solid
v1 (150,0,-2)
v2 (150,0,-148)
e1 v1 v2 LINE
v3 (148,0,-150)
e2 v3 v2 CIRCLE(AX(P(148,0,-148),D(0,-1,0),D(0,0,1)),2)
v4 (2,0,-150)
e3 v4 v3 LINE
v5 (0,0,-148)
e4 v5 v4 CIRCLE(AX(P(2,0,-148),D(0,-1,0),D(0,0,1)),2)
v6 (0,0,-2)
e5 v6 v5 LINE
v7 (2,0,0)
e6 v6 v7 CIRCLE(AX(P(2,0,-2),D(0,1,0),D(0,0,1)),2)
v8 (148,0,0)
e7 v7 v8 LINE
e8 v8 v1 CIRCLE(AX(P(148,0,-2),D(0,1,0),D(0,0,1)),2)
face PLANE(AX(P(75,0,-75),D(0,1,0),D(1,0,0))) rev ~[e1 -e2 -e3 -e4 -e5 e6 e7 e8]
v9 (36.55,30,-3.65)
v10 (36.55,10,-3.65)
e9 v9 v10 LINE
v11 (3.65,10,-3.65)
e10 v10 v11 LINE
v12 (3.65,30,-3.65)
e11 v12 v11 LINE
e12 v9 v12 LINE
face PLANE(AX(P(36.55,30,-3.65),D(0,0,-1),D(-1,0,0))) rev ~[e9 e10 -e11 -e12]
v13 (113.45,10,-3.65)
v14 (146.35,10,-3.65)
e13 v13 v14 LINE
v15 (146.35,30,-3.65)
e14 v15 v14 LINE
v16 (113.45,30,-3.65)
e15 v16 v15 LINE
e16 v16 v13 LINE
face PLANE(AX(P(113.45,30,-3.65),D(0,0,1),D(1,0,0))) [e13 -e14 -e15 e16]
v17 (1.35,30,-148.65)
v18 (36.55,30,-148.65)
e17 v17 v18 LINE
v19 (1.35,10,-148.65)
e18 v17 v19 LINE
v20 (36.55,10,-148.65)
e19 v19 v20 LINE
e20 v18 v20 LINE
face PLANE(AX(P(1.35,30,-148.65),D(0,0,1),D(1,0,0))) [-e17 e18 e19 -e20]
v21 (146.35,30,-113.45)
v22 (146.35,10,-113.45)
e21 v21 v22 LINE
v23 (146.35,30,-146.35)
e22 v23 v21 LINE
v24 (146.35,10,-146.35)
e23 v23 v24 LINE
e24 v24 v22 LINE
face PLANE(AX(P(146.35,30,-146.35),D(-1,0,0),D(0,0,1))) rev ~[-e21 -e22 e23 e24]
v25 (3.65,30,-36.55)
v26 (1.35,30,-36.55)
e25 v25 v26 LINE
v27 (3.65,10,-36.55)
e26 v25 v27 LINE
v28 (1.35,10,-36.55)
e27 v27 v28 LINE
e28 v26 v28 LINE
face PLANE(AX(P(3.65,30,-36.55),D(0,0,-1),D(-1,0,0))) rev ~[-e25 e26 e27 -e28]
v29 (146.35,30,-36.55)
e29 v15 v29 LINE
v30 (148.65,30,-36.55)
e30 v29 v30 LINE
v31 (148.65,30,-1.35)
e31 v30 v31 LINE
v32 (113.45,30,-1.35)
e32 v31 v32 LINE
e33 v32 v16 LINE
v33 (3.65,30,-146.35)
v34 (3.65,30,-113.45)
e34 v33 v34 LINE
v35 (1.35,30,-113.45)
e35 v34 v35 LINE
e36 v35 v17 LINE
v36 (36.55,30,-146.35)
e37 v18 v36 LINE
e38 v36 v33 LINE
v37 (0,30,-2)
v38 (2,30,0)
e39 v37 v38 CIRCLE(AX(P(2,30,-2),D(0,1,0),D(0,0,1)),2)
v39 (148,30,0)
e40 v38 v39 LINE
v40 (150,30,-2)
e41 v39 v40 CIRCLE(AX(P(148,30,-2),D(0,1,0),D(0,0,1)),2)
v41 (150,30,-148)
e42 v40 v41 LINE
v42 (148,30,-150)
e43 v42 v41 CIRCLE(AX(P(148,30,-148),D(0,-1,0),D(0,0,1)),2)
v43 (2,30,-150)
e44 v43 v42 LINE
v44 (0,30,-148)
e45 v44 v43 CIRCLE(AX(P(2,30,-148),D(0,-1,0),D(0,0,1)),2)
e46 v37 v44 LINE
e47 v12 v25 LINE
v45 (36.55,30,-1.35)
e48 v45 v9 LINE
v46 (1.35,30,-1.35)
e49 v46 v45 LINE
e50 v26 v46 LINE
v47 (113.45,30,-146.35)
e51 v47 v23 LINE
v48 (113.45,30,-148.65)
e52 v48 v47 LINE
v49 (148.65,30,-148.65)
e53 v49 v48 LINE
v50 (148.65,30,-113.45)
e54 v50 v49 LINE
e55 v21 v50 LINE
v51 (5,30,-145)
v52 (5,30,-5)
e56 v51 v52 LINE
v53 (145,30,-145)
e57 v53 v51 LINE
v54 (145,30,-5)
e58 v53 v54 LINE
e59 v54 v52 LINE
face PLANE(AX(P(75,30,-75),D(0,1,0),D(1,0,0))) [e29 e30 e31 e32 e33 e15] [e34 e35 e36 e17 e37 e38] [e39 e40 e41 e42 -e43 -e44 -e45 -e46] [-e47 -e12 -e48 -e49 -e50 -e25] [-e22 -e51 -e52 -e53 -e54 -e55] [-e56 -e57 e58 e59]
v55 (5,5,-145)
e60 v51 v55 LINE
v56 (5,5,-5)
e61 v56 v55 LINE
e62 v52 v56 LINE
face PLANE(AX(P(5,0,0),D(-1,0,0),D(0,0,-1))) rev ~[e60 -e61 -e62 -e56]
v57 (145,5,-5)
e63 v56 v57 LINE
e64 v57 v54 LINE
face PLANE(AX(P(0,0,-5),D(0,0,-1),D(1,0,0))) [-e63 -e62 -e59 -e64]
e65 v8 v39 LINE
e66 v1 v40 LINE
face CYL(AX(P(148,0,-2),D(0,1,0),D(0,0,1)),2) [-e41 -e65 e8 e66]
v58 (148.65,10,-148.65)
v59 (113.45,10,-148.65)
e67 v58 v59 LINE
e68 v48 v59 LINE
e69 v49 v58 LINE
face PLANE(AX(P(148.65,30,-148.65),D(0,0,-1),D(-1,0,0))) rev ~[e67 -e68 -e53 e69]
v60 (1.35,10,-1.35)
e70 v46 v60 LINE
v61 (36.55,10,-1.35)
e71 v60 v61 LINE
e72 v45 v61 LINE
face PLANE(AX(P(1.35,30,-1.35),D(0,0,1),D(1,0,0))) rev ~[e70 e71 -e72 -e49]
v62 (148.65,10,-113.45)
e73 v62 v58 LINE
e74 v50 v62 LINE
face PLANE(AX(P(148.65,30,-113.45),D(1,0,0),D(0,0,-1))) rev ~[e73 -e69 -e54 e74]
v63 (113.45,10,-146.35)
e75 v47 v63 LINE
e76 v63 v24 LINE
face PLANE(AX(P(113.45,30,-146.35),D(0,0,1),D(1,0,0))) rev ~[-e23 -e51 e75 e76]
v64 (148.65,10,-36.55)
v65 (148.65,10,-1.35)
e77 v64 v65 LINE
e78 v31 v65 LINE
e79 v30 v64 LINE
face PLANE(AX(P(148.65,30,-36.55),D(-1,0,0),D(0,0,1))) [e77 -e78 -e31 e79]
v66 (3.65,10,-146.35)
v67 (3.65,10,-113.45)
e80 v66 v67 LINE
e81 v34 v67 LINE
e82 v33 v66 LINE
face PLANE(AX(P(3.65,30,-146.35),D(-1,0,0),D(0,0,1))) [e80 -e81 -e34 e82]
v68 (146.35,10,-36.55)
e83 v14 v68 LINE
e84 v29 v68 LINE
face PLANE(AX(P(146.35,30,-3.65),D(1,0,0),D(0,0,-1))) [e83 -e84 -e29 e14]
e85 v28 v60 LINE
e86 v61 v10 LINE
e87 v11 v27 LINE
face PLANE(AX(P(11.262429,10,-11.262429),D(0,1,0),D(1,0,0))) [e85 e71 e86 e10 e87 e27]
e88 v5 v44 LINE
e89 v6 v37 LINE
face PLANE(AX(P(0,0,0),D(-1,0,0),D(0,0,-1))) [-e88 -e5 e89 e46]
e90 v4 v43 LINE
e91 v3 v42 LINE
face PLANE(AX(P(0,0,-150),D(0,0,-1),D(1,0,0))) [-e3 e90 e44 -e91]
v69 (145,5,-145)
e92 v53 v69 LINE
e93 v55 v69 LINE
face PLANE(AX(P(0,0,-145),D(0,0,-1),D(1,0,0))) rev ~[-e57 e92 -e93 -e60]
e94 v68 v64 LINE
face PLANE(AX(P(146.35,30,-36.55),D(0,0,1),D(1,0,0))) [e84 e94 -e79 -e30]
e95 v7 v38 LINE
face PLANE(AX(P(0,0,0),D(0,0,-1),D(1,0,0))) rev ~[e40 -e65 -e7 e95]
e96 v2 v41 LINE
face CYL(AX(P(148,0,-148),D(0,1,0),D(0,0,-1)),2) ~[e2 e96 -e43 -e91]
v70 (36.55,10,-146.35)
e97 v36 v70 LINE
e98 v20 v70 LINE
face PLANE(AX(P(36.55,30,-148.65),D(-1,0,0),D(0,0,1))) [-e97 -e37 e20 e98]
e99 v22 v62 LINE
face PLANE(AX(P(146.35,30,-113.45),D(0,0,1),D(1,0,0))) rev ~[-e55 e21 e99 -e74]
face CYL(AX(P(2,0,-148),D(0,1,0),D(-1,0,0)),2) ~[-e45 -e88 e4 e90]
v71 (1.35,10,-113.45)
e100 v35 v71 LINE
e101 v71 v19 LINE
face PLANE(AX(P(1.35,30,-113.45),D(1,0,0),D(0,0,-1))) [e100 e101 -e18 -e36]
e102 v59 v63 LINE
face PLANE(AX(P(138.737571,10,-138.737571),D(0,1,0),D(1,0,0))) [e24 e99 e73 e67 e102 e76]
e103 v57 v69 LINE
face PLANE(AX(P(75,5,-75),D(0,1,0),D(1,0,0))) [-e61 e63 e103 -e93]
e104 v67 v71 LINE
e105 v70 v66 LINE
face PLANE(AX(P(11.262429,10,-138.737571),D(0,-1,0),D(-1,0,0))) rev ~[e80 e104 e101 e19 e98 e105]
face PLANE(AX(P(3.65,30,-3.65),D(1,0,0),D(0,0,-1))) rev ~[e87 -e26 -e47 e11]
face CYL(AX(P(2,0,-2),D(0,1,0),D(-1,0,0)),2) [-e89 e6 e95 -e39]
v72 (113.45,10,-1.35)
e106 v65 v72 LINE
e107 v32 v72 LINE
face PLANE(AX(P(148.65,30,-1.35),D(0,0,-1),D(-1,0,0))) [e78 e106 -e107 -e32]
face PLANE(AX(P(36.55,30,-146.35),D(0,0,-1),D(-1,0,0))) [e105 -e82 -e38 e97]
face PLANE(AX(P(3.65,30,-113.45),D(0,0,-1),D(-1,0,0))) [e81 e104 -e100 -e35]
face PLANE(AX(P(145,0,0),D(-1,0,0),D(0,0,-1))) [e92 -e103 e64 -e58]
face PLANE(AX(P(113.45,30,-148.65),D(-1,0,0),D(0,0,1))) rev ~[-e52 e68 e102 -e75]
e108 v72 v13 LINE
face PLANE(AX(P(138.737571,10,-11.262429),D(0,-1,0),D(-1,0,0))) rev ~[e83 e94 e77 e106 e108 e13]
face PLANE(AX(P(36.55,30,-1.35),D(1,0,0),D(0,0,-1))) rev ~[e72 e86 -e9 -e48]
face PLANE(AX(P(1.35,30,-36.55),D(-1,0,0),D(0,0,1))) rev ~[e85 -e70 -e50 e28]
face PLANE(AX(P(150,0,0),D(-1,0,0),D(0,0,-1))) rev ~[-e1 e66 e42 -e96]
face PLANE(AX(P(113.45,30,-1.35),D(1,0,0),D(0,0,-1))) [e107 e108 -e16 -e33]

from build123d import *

# Parameters (mm, degrees)
SKETCH3_W           = 150
SKETCH3_H           = 150
BOSS_EXTRUDE1_DEPTH = 30
SHELL1_T            = -5
CUT_EXTRUDE1_DEPTH  = 20
FILLET2_R           = 2


with BuildPart() as part:
    # Sketch3 → Boss-Extrude1 (new body)
    with BuildSketch(Plane(origin=(0, 0, 0), x_dir=(1, 0, 0), z_dir=(0, 1, 0))):
        with Locations((75, 75)):
            Rectangle(SKETCH3_W, SKETCH3_H)
    extrude(amount=BOSS_EXTRUDE1_DEPTH)

    # Shell1
    shell1_openings = [part.faces().sort_by_distance(p)[0] for p in [
        (75, 30, -75),
    ]]
    offset(amount=SHELL1_T, openings=shell1_openings, kind=Kind.INTERSECTION)

    # Sketch5 → Cut-Extrude1 (cut)
    with BuildSketch(Plane(origin=(0, 30, 0), x_dir=(1, 0, 0), z_dir=(0, 1, 0))):
        Polygon((1.35, 148.65), (36.55, 148.65), (36.55, 146.35), (3.65, 146.35), (3.65, 113.45), (1.35, 113.45), align=None)
        Polygon((148.65, 113.45), (148.65, 148.65), (113.45, 148.65), (113.45, 146.35), (146.35, 146.35), (146.35, 113.45), align=None)
        Polygon((148.65, 1.35), (113.45, 1.35), (113.45, 3.65), (146.35, 3.65), (146.35, 36.55), (148.65, 36.55), align=None)
        Polygon((1.35, 36.55), (1.35, 1.35), (36.55, 1.35), (36.55, 3.65), (3.65, 3.65), (3.65, 36.55), align=None)
    extrude(amount=-CUT_EXTRUDE1_DEPTH, mode=Mode.SUBTRACT)

    # Fillet2
    fillet2_edges = [part.edges().sort_by_distance(p)[0] for p in [
        (0, 15, -150),
        (150, 15, -150),
        (150, 15, 0),
        (0, 15, 0),
    ]]
    fillet(fillet2_edges, radius=FILLET2_R)


solid = part.part
